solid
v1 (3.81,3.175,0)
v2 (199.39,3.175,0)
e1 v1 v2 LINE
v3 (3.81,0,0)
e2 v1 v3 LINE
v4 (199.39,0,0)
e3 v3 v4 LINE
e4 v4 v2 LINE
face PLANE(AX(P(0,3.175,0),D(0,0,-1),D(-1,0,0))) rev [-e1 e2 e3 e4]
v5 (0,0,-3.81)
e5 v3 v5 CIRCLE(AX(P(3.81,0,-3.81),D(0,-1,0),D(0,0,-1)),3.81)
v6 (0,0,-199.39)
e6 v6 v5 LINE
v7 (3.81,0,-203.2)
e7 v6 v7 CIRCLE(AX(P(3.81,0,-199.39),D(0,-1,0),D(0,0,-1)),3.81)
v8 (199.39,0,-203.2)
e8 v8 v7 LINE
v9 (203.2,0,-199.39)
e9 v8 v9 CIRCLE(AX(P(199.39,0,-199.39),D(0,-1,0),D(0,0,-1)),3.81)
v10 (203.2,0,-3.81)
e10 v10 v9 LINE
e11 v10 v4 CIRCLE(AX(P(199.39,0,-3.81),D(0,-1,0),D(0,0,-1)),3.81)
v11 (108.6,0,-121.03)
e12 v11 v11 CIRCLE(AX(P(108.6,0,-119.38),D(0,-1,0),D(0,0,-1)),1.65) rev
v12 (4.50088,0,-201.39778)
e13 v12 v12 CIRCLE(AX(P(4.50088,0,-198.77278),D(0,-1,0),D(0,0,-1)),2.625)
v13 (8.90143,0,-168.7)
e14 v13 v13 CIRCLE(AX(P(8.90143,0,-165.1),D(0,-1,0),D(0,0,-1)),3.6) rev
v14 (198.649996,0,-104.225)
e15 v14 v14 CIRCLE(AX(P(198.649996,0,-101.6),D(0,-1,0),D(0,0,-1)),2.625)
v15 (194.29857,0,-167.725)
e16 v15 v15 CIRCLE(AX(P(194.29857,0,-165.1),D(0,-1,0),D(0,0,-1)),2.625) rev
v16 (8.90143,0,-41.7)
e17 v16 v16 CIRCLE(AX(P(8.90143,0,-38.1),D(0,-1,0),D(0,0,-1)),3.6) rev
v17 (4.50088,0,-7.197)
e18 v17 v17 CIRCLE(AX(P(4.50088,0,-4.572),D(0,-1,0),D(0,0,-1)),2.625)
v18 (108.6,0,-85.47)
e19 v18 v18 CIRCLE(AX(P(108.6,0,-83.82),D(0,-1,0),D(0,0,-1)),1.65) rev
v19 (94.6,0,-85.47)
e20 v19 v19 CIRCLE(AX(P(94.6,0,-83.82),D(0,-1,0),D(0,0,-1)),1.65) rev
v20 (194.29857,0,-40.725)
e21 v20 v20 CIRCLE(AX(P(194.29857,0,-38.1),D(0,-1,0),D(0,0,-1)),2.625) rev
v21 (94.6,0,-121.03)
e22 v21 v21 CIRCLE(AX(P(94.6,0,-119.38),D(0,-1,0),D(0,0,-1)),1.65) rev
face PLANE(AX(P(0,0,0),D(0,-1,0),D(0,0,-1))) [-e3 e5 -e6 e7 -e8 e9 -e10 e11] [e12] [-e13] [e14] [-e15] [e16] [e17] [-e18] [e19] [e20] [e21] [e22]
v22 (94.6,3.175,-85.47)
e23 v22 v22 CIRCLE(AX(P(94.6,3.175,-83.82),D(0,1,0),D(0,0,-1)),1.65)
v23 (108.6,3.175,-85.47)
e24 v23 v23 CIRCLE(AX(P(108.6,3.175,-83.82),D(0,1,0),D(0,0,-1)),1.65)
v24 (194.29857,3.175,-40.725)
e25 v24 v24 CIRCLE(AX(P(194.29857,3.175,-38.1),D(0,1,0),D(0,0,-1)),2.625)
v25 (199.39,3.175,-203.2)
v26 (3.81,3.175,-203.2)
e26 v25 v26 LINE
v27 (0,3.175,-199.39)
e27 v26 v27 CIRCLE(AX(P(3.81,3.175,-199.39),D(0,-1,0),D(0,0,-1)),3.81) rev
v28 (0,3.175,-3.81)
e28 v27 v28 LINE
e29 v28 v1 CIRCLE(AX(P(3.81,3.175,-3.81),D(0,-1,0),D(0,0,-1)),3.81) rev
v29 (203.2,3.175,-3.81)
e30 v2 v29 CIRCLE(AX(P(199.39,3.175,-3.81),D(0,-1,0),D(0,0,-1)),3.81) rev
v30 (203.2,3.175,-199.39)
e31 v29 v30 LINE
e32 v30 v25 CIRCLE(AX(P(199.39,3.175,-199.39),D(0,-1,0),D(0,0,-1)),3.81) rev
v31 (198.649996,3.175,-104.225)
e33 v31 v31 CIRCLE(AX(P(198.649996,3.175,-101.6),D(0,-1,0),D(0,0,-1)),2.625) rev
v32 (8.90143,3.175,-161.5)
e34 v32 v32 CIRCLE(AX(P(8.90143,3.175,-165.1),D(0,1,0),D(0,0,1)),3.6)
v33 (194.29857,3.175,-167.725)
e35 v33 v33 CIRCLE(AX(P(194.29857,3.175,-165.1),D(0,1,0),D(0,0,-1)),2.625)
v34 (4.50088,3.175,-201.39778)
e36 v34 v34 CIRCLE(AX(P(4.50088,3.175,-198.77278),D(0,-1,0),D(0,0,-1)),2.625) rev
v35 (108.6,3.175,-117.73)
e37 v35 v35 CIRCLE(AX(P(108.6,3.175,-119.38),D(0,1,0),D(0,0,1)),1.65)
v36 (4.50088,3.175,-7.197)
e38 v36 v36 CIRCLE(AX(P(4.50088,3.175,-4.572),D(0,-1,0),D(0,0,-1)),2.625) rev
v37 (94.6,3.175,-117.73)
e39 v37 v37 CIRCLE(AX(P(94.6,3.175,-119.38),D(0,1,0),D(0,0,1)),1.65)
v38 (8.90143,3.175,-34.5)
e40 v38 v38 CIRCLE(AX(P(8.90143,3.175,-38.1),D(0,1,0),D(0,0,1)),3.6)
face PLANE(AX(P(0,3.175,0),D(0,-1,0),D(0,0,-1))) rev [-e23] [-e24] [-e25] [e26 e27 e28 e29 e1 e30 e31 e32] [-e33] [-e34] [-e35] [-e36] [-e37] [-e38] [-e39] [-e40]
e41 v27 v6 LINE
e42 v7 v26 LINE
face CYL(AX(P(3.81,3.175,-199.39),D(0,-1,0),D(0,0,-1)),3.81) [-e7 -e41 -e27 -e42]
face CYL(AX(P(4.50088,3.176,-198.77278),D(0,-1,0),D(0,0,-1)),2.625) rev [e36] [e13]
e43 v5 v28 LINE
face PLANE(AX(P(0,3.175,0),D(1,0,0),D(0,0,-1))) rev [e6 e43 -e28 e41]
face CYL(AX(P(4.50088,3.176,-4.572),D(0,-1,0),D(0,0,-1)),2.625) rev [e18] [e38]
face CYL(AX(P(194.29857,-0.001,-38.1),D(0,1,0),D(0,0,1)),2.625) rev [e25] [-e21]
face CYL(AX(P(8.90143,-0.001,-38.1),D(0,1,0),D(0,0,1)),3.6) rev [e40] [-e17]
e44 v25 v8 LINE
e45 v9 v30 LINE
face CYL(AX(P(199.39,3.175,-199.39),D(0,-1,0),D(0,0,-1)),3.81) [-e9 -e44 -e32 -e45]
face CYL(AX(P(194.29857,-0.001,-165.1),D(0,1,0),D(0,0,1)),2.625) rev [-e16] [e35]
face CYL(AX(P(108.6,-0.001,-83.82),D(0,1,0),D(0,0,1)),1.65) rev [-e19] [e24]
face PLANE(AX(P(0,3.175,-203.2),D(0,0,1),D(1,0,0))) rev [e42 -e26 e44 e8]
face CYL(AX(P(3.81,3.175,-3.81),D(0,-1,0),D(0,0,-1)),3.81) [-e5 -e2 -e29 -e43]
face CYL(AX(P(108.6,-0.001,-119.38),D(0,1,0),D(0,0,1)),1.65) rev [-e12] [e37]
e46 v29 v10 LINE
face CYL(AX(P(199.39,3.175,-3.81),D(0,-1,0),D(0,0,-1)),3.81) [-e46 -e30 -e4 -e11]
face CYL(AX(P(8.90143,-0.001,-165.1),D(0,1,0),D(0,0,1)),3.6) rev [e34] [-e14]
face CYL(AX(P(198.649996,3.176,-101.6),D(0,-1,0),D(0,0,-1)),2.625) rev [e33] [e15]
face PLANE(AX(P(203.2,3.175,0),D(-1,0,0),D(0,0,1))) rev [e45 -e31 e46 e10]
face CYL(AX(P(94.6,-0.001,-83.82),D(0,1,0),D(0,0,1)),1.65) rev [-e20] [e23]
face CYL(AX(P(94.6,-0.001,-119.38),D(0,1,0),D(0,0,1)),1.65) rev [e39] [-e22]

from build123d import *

# Parameters (mm, degrees)
SKETCH1_W               = 203.2
SKETCH1_H               = 203.2
BOSS_EXTRUDE1_DEPTH     = 3.175
WHEEL_HOLES_REACH       = 5.175
SKETCH2_R               = 3.6
SKETCH2_R_2             = 2.625
BUILD_PLATE_HOLES_REACH = 5.175
SKETCH3_R               = 2.625
FILLET1_R               = 3.81
BELT_CLAMP_HOLES_REACH  = 5.175
SKETCH4_R               = 1.65


with BuildPart() as part:
    # Sketch1 → Boss-Extrude1 (new body)
    with BuildSketch(Plane(origin=(0, 0, 0), x_dir=(1, 0, 0), z_dir=(0, 1, 0))):
        with Locations((101.6, 101.6)):
            Rectangle(SKETCH1_W, SKETCH1_H)
    extrude(amount=BOSS_EXTRUDE1_DEPTH)

    # Sketch2 → wheel holes (cut, up to next)
    with BuildSketch(Plane(origin=(0, 3.175, 0), x_dir=(1, 0, 0), z_dir=(0, 1, 0)), mode=Mode.PRIVATE) as wheel_holes_sk1:
        with Locations((8.90143, 38.1)):
            Circle(SKETCH2_R)
    wheel_holes_tool1 = extrude(wheel_holes_sk1.sketch, amount=-WHEEL_HOLES_REACH, mode=Mode.PRIVATE) & part.part
    add(wheel_holes_tool1.solids().sort_by_distance((8.90143, 3.175, -38.1))[0], mode=Mode.SUBTRACT)
    # Sketch2 → wheel holes (cut, up to next)
    with BuildSketch(Plane(origin=(0, 3.175, 0), x_dir=(1, 0, 0), z_dir=(0, 1, 0)), mode=Mode.PRIVATE) as wheel_holes_sk2:
        with Locations((8.90143, 165.1)):
            Circle(SKETCH2_R)
    wheel_holes_tool2 = extrude(wheel_holes_sk2.sketch, amount=-WHEEL_HOLES_REACH, mode=Mode.PRIVATE) & part.part
    add(wheel_holes_tool2.solids().sort_by_distance((8.90143, 3.175, -165.1))[0], mode=Mode.SUBTRACT)
    # Sketch2 → wheel holes (cut, up to next)
    with BuildSketch(Plane(origin=(0, 3.175, 0), x_dir=(1, 0, 0), z_dir=(0, 1, 0)), mode=Mode.PRIVATE) as wheel_holes_sk3:
        with Locations((194.29857, 38.1)):
            Circle(SKETCH2_R_2)
    wheel_holes_tool3 = extrude(wheel_holes_sk3.sketch, amount=-WHEEL_HOLES_REACH, mode=Mode.PRIVATE) & part.part
    add(wheel_holes_tool3.solids().sort_by_distance((194.29857, 3.175, -38.1))[0], mode=Mode.SUBTRACT)
    # Sketch2 → wheel holes (cut, up to next)
    with BuildSketch(Plane(origin=(0, 3.175, 0), x_dir=(1, 0, 0), z_dir=(0, 1, 0)), mode=Mode.PRIVATE) as wheel_holes_sk4:
        with Locations((194.29857, 165.1)):
            Circle(SKETCH2_R_2)
    wheel_holes_tool4 = extrude(wheel_holes_sk4.sketch, amount=-WHEEL_HOLES_REACH, mode=Mode.PRIVATE) & part.part
    add(wheel_holes_tool4.solids().sort_by_distance((194.29857, 3.175, -165.1))[0], mode=Mode.SUBTRACT)

    # Sketch3 → build plate holes (cut, up to next)
    with BuildSketch(Plane.XZ, mode=Mode.PRIVATE) as build_plate_holes_sk1:
        with Locations((4.50088, -4.572)):
            Circle(SKETCH3_R)
    build_plate_holes_tool1 = extrude(build_plate_holes_sk1.sketch, amount=-BUILD_PLATE_HOLES_REACH, mode=Mode.PRIVATE) & part.part
    add(build_plate_holes_tool1.solids().sort_by_distance((4.50088, 0, -4.572))[0], mode=Mode.SUBTRACT)
    # Sketch3 → build plate holes (cut, up to next)
    with BuildSketch(Plane.XZ, mode=Mode.PRIVATE) as build_plate_holes_sk2:
        with Locations((4.50088, -198.77278)):
            Circle(SKETCH3_R)
    build_plate_holes_tool2 = extrude(build_plate_holes_sk2.sketch, amount=-BUILD_PLATE_HOLES_REACH, mode=Mode.PRIVATE) & part.part
    add(build_plate_holes_tool2.solids().sort_by_distance((4.50088, 0, -198.77278))[0], mode=Mode.SUBTRACT)
    # Sketch3 → build plate holes (cut, up to next)
    with BuildSketch(Plane.XZ, mode=Mode.PRIVATE) as build_plate_holes_sk3:
        with Locations((198.6499964, -101.6)):
            Circle(SKETCH3_R)
    build_plate_holes_tool3 = extrude(build_plate_holes_sk3.sketch, amount=-BUILD_PLATE_HOLES_REACH, mode=Mode.PRIVATE) & part.part
    add(build_plate_holes_tool3.solids().sort_by_distance((198.649996, 0, -101.6))[0], mode=Mode.SUBTRACT)

    # Fillet1
    fillet1_edges = [part.edges().sort_by_distance(p)[0] for p in [
        (0, 1.5875, -203.2),
        (203.2, 1.5875, -203.2),
        (203.2, 1.5875, 0),
        (0, 1.5875, 0),
    ]]
    fillet(fillet1_edges, radius=FILLET1_R)

    # Sketch4 → belt clamp holes (cut, up to next)
    with BuildSketch(Plane(origin=(0, 3.175, 0), x_dir=(1, 0, 0), z_dir=(0, 1, 0)), mode=Mode.PRIVATE) as belt_clamp_holes_sk1:
        with Locations((94.6, 119.38)):
            Circle(SKETCH4_R)
    belt_clamp_holes_tool1 = extrude(belt_clamp_holes_sk1.sketch, amount=-BELT_CLAMP_HOLES_REACH, mode=Mode.PRIVATE) & part.part
    add(belt_clamp_holes_tool1.solids().sort_by_distance((94.6, 3.175, -119.38))[0], mode=Mode.SUBTRACT)
    # Sketch4 → belt clamp holes (cut, up to next)
    with BuildSketch(Plane(origin=(0, 3.175, 0), x_dir=(1, 0, 0), z_dir=(0, 1, 0)), mode=Mode.PRIVATE) as belt_clamp_holes_sk2:
        with Locations((108.6, 119.38)):
            Circle(SKETCH4_R)
    belt_clamp_holes_tool2 = extrude(belt_clamp_holes_sk2.sketch, amount=-BELT_CLAMP_HOLES_REACH, mode=Mode.PRIVATE) & part.part
    add(belt_clamp_holes_tool2.solids().sort_by_distance((108.6, 3.175, -119.38))[0], mode=Mode.SUBTRACT)
    # Sketch4 → belt clamp holes (cut, up to next)
    with BuildSketch(Plane(origin=(0, 3.175, 0), x_dir=(1, 0, 0), z_dir=(0, 1, 0)), mode=Mode.PRIVATE) as belt_clamp_holes_sk3:
        with Locations((108.6, 83.82)):
            Circle(SKETCH4_R)
    belt_clamp_holes_tool3 = extrude(belt_clamp_holes_sk3.sketch, amount=-BELT_CLAMP_HOLES_REACH, mode=Mode.PRIVATE) & part.part
    add(belt_clamp_holes_tool3.solids().sort_by_distance((108.6, 3.175, -83.82))[0], mode=Mode.SUBTRACT)
    # Sketch4 → belt clamp holes (cut, up to next)
    with BuildSketch(Plane(origin=(0, 3.175, 0), x_dir=(1, 0, 0), z_dir=(0, 1, 0)), mode=Mode.PRIVATE) as belt_clamp_holes_sk4:
        with Locations((94.6, 83.82)):
            Circle(SKETCH4_R)
    belt_clamp_holes_tool4 = extrude(belt_clamp_holes_sk4.sketch, amount=-BELT_CLAMP_HOLES_REACH, mode=Mode.PRIVATE) & part.part
    add(belt_clamp_holes_tool4.solids().sort_by_distance((94.6, 3.175, -83.82))[0], mode=Mode.SUBTRACT)


solid = part.part
